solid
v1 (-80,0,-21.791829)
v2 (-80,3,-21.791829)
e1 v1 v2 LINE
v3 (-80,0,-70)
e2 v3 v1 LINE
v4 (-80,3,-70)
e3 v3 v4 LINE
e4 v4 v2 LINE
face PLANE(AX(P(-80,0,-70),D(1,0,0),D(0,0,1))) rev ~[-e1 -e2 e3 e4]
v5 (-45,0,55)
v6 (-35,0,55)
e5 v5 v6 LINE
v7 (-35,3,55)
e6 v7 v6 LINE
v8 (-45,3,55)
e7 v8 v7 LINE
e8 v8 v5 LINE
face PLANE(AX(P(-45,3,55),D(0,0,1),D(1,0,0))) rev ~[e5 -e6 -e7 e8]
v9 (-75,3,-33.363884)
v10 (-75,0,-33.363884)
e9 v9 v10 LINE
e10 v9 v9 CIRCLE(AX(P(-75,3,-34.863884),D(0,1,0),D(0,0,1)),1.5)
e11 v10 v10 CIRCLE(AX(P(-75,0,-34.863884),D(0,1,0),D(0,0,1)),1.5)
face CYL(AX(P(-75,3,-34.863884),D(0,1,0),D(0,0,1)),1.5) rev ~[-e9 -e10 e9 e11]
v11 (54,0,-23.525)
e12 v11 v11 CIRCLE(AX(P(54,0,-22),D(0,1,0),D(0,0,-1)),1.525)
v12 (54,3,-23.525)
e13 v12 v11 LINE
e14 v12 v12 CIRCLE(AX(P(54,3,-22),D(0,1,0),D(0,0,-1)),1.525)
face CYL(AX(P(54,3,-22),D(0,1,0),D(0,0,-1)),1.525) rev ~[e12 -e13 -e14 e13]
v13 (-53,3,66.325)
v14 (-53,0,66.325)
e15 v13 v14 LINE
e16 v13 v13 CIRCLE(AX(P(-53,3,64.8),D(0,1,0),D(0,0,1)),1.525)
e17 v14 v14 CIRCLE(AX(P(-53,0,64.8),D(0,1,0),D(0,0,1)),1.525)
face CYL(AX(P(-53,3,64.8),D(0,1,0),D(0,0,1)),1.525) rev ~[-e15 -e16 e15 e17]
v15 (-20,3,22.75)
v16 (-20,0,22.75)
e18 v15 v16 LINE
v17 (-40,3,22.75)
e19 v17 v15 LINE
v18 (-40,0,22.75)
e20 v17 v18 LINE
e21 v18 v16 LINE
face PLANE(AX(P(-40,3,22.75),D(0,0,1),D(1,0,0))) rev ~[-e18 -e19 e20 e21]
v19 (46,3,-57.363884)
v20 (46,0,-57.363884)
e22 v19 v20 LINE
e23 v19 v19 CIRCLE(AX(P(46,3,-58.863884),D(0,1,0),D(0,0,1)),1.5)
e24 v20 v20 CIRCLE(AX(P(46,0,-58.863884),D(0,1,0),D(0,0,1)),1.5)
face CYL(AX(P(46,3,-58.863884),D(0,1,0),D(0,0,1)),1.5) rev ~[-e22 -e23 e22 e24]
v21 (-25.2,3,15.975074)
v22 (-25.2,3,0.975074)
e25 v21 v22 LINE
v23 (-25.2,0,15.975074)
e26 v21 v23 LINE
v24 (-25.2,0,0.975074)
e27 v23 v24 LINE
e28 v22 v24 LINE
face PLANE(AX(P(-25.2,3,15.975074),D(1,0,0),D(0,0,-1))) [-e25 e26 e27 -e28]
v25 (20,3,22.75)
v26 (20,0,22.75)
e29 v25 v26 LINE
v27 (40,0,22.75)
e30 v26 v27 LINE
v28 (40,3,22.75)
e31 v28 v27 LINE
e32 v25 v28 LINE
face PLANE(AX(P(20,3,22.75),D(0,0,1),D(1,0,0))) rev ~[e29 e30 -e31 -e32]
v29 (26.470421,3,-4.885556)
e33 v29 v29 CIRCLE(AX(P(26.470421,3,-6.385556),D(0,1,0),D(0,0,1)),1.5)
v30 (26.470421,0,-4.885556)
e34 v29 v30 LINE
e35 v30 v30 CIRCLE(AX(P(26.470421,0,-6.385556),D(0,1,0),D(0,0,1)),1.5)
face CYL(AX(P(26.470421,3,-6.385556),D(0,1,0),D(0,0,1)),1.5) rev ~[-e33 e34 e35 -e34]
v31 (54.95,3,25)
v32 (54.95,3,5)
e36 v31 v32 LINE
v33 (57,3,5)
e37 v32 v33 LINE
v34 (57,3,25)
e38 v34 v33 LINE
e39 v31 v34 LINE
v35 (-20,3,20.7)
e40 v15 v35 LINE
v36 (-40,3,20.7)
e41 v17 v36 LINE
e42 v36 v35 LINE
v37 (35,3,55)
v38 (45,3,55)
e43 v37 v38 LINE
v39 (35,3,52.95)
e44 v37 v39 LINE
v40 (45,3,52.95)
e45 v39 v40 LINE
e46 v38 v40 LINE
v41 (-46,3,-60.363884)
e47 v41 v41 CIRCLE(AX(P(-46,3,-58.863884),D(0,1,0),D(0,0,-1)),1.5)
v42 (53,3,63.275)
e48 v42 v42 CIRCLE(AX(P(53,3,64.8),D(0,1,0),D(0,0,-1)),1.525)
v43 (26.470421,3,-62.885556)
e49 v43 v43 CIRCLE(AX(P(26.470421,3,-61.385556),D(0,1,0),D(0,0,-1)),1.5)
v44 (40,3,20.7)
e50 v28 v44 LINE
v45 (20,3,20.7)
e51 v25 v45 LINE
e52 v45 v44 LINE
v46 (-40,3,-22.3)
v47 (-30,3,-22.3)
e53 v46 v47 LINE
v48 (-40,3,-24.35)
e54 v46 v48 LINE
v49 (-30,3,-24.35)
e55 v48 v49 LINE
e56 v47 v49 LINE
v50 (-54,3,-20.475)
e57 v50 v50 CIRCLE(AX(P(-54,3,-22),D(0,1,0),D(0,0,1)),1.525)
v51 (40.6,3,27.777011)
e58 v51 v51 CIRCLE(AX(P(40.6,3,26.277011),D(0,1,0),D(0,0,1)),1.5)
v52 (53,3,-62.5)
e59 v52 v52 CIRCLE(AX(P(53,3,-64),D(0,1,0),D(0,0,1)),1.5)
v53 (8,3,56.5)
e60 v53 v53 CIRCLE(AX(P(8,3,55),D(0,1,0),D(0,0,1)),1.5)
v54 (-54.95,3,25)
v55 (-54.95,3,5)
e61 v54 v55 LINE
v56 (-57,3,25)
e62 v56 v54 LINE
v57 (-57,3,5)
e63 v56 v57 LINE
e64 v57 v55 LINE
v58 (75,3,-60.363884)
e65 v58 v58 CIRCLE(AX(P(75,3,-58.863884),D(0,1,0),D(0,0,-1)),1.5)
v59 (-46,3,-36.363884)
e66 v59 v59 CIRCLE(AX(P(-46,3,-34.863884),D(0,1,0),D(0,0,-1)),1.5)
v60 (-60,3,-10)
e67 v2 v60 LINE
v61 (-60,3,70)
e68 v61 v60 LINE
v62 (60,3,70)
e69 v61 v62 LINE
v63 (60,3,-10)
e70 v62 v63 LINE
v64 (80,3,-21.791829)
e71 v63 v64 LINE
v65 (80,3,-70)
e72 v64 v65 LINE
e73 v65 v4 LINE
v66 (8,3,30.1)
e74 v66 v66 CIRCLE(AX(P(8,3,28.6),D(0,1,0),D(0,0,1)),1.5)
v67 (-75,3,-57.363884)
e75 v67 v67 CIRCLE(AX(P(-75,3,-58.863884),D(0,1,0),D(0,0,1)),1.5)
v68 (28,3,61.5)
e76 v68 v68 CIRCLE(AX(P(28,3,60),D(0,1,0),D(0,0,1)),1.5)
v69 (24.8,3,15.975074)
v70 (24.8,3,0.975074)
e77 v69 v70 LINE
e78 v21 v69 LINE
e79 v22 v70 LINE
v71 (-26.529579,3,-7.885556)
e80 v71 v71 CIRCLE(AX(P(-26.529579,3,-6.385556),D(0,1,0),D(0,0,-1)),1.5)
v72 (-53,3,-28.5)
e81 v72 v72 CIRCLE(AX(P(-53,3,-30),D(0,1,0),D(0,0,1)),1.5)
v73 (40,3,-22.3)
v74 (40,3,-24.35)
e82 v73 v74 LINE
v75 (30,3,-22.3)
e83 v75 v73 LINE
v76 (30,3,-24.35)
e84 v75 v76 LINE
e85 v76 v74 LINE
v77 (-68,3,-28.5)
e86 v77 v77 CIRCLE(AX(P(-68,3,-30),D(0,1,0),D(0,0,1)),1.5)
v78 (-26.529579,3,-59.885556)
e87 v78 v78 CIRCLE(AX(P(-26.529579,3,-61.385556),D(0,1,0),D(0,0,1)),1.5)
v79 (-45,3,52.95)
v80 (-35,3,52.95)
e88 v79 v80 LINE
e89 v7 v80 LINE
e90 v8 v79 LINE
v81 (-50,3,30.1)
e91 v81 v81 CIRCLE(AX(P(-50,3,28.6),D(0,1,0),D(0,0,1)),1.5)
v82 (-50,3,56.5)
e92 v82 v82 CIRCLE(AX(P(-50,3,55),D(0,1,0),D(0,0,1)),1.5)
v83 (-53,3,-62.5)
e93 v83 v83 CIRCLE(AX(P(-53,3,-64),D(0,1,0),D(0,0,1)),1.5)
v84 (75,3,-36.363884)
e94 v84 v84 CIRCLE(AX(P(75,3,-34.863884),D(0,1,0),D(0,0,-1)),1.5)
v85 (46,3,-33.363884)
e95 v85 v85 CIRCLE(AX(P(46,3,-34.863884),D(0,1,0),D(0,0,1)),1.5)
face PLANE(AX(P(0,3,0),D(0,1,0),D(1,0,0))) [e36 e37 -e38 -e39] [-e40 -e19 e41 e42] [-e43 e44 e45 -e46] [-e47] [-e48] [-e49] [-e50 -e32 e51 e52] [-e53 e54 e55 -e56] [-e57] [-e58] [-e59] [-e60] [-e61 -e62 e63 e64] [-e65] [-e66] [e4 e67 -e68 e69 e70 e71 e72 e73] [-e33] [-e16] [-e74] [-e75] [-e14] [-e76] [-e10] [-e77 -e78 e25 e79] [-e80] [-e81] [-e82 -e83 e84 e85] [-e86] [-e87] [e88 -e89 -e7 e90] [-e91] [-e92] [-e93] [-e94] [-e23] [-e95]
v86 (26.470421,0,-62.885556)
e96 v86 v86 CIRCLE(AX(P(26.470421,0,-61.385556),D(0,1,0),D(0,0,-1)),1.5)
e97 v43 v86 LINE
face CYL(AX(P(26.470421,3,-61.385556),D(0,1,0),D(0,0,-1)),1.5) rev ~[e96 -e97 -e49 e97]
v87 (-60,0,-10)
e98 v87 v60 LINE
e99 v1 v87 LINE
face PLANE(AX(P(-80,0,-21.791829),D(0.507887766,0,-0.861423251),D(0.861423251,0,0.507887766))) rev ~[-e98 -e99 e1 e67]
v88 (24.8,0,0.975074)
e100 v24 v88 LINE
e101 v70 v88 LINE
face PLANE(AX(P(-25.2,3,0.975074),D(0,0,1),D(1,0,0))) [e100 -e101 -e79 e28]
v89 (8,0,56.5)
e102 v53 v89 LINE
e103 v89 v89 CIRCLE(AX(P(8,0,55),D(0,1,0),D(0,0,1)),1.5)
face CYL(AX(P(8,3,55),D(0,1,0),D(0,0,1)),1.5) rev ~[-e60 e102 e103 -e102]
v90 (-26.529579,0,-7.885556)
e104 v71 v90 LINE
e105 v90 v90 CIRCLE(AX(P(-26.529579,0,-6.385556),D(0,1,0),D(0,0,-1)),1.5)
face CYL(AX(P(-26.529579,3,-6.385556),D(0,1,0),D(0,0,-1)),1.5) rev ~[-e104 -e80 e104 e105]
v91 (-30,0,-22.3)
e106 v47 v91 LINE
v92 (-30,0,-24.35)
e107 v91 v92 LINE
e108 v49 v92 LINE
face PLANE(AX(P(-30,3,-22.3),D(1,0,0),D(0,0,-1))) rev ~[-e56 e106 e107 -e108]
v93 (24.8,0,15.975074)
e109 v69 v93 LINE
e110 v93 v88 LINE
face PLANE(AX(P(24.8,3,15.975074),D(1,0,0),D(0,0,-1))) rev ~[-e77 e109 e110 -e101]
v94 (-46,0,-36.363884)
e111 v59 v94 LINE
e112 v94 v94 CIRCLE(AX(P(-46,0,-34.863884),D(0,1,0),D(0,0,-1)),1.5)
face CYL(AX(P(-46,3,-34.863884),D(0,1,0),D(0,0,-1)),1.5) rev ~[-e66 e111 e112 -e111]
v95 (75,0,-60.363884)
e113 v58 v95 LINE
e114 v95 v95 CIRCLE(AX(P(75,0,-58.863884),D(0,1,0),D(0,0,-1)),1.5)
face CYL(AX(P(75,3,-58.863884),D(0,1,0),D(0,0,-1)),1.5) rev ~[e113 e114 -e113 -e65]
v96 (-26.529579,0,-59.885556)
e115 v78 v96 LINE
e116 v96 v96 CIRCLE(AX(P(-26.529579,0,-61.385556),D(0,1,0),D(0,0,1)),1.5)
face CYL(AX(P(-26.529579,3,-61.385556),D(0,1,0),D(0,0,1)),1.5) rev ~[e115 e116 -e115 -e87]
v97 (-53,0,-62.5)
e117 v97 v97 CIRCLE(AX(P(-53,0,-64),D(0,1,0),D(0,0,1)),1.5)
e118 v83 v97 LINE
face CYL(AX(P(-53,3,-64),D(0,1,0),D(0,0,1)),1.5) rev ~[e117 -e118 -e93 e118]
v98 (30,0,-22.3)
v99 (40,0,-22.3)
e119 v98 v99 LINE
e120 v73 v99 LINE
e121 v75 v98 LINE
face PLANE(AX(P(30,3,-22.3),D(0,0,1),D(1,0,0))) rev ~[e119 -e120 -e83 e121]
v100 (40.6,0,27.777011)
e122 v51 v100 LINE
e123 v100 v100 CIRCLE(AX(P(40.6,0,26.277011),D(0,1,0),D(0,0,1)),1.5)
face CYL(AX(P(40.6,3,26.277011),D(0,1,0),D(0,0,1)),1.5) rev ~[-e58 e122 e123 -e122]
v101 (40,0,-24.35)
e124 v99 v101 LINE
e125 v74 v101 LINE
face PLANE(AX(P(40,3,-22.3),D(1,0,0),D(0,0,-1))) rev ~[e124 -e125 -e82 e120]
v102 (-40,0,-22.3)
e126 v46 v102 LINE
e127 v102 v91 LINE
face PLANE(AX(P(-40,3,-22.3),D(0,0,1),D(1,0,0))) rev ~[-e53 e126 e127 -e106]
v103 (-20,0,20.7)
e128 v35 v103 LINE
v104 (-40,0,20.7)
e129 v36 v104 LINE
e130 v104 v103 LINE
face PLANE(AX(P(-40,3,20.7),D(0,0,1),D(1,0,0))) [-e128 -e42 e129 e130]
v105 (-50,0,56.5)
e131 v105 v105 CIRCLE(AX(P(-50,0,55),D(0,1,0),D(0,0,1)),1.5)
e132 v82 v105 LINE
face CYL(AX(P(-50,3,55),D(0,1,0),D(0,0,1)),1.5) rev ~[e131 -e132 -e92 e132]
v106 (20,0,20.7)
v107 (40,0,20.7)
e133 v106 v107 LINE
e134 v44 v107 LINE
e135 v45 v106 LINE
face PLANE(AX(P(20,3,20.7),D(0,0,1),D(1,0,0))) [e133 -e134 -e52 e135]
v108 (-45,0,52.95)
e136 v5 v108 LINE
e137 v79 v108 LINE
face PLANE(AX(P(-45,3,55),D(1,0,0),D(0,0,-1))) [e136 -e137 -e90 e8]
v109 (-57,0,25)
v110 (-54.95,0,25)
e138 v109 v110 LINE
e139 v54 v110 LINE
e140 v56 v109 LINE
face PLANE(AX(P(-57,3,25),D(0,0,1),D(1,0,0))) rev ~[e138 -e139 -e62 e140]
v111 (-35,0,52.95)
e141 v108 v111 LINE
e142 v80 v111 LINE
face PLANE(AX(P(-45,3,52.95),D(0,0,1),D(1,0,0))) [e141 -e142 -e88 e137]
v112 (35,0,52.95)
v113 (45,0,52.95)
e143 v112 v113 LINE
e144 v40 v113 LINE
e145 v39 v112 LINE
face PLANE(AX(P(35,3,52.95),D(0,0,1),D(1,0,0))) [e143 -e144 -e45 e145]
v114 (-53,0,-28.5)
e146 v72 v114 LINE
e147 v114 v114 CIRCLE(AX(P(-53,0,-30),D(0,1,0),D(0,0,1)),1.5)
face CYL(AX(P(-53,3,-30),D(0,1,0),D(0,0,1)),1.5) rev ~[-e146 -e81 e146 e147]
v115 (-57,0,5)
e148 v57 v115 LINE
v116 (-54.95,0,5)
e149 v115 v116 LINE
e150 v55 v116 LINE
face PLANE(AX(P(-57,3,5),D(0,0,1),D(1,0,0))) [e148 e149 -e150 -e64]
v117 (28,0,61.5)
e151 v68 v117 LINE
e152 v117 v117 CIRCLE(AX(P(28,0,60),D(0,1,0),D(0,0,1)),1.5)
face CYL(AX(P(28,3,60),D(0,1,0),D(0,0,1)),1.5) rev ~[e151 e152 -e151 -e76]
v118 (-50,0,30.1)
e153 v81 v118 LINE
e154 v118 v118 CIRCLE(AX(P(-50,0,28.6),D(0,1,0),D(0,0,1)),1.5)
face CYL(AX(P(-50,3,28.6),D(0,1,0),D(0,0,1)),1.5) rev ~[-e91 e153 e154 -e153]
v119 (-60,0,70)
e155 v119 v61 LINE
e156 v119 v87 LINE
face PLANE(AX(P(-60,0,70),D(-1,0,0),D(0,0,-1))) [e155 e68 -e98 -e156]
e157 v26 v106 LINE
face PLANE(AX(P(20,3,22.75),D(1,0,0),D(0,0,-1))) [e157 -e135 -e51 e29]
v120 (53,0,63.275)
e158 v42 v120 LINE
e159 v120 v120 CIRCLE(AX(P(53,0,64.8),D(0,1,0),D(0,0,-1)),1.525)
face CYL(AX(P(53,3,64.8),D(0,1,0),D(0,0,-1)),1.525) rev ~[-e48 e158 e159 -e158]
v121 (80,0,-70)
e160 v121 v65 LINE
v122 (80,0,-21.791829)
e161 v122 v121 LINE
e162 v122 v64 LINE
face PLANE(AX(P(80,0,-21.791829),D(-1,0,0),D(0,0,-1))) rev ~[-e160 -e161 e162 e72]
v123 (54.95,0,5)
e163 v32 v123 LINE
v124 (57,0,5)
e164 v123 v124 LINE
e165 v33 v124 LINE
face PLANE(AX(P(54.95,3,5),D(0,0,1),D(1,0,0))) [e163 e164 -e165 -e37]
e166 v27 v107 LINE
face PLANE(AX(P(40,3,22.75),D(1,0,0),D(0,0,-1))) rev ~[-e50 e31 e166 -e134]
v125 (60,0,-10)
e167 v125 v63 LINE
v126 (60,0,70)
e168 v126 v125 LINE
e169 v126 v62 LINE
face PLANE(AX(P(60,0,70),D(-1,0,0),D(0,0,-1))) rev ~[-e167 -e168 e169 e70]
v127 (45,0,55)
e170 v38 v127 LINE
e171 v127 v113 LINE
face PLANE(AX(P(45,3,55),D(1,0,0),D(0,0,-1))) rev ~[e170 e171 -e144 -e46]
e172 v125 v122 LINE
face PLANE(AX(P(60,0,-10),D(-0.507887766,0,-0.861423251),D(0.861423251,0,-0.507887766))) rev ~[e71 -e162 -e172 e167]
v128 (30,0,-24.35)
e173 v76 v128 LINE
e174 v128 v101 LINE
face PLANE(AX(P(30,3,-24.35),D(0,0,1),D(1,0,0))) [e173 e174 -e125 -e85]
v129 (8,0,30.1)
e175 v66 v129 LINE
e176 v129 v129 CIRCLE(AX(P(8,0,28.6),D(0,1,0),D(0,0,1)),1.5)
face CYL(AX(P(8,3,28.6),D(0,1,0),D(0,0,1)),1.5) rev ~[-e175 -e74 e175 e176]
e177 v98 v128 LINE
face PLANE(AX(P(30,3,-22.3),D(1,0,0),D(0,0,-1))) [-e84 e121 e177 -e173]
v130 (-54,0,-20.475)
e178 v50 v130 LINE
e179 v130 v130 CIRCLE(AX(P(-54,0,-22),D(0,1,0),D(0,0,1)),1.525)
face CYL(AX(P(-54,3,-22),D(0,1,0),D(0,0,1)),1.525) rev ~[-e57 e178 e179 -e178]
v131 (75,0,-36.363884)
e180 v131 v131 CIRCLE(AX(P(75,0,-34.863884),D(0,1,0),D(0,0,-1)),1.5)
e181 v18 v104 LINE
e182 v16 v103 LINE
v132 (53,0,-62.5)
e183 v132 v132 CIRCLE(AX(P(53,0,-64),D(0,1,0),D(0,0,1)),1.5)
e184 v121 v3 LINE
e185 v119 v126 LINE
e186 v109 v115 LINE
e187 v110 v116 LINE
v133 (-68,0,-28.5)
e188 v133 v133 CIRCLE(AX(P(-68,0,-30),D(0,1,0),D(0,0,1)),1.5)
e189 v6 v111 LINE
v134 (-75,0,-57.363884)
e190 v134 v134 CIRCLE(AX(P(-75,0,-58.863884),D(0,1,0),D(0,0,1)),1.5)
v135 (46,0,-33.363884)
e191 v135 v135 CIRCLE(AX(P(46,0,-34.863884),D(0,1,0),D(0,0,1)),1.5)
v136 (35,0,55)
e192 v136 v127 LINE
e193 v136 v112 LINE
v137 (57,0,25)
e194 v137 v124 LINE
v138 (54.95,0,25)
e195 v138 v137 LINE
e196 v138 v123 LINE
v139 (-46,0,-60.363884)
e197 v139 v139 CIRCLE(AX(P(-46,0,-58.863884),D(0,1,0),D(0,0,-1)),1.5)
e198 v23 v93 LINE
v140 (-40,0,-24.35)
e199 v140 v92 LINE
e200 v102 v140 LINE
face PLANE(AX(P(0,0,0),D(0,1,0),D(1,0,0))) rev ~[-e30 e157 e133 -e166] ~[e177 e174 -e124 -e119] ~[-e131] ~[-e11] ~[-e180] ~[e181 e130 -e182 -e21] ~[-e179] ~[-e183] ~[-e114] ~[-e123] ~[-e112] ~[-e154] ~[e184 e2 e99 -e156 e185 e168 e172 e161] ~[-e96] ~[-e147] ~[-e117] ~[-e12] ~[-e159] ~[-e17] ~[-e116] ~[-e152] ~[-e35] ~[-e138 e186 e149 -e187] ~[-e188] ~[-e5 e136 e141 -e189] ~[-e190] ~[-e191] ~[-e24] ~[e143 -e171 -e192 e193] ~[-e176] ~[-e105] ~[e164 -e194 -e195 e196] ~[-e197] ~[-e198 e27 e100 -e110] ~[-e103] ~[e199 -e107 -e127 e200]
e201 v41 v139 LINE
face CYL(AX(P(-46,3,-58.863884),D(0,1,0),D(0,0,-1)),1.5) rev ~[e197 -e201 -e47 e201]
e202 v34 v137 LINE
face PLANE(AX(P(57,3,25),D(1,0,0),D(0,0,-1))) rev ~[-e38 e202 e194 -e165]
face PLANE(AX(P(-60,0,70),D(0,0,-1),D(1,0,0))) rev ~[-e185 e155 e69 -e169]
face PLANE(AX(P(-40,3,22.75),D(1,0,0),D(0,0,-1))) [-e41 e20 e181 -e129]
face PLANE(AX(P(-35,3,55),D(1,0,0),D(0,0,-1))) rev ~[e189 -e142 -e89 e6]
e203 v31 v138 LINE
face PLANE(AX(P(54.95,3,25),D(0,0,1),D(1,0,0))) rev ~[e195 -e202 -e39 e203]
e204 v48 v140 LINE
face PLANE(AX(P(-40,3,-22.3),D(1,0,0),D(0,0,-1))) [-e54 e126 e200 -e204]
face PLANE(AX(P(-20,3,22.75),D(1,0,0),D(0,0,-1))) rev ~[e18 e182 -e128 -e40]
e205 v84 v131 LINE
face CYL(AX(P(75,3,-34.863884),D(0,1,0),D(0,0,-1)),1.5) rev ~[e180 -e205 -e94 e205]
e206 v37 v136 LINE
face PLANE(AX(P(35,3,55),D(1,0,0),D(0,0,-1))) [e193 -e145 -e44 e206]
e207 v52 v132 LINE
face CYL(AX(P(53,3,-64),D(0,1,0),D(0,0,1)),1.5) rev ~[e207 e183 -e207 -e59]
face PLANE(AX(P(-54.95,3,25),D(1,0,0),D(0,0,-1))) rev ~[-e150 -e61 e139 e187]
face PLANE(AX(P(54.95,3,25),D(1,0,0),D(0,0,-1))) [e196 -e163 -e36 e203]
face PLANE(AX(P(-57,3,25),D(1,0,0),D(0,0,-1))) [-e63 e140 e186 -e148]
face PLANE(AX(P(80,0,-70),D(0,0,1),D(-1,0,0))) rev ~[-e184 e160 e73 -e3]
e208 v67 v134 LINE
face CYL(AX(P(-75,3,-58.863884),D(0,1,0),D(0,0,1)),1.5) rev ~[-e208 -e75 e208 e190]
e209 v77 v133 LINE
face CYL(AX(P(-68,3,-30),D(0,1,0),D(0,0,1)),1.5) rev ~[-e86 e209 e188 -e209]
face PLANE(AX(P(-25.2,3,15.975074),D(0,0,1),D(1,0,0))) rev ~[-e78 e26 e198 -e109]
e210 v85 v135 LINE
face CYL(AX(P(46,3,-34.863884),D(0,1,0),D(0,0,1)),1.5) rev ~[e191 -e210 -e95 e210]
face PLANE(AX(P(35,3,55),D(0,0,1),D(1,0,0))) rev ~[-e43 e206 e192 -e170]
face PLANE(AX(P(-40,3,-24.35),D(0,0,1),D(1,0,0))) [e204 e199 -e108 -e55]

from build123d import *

# Parameters (mm, degrees)
SKETCH1_W           = 120
SKETCH1_H           = 140
BOSS_EXTRUDE1_DEPTH = 3
SKETCH2_R           = 1.5
CUT_EXTRUDE1_DEPTH  = 107.343782141
SKETCH3_R           = 1.5
CUT_EXTRUDE3_DEPTH  = 107.343782141
SKETCH4_R           = 1.5
CUT_EXTRUDE4_DEPTH  = 107.343782141
SKETCH5_R           = 1.5
CUT_EXTRUDE5_DEPTH  = 3
SKETCH6_R           = 1.525
SKETCH6_W           = 10
SKETCH6_H           = 2.05
SKETCH6_W_2         = 20
CUT_EXTRUDE7_DEPTH  = 107.343782141
SKETCH9_R           = 1.525
CUT_EXTRUDE8_DEPTH  = 3
SKETCH10_W          = 50
SKETCH10_H          = 15
CUT_EXTRUDE9_DEPTH  = 5
SKETCH11_R          = 1.5
CUT_EXTRUDE10_DEPTH = 5
SKETCH12_W          = 2.05
SKETCH12_H          = 20
CUT_EXTRUDE11_DEPTH = 10


with BuildPart() as part:
    # Sketch1 → Boss-Extrude1 (new body)
    with BuildSketch(Plane(origin=(0, 0, 0), x_dir=(1, 0, 0), z_dir=(0, 1, 0))):
        Rectangle(SKETCH1_W, SKETCH1_H)
        Polygon((-80, 21.791828604), (-60, 10), (-60, 70), (-80, 70), align=None)
        Polygon((80, 70), (60, 70), (60, 10), (80, 21.791828604), align=None)
    extrude(amount=BOSS_EXTRUDE1_DEPTH)

    # Sketch2 → Cut-Extrude1 (cut, through all)
    with BuildSketch(Plane(origin=(0, 3, 0), x_dir=(1, 0, 0), z_dir=(0, 1, 0))):
        with Locations(Location((28, -60, 0), (0, 0, 270))):
            Circle(SKETCH2_R)
        with Locations(Location((40.6, -26.277010809, 0), (0, 0, 270))):
            Circle(SKETCH2_R)
        with Locations(Location((-50, -55, 0), (0, 0, 270))):
            Circle(SKETCH2_R)
        with Locations(Location((8, -55, 0), (0, 0, 270))):
            Circle(SKETCH2_R)
        with Locations(Location((-50, -28.6, 0), (0, 0, 270))):
            Circle(SKETCH2_R)
        with Locations(Location((8, -28.6, 0), (0, 0, 270))):
            Circle(SKETCH2_R)
    extrude(amount=-CUT_EXTRUDE1_DEPTH, mode=Mode.SUBTRACT)

    # Sketch3 → Cut-Extrude3 (cut, through all)
    with BuildSketch(Plane(origin=(0, 3, 0), x_dir=(1, 0, 0), z_dir=(0, 1, 0))):
        with Locations(Location((-26.529579069, 61.385555627, 0), (0, 0, 270))):
            Circle(SKETCH3_R)
        with Locations(Location((-26.529579069, 6.385555627, 0), (0, 0, 90))):
            Circle(SKETCH3_R)
        with Locations(Location((26.470420931, 6.385555627, 0), (0, 0, 270))):
            Circle(SKETCH3_R)
        with Locations(Location((26.470420931, 61.385555627, 0), (0, 0, 90))):
            Circle(SKETCH3_R)
    extrude(amount=-CUT_EXTRUDE3_DEPTH, mode=Mode.SUBTRACT)

    # Sketch4 → Cut-Extrude4 (cut, through all)
    with BuildSketch(Plane(origin=(0, 3, 0), x_dir=(1, 0, 0), z_dir=(0, 1, 0))):
        with Locations(Location((-75, 34.863883517, 0), (0, 0, 270))):
            Circle(SKETCH4_R)
        with Locations(Location((-75, 58.863883517, 0), (0, 0, 270))):
            Circle(SKETCH4_R)
        with Locations(Location((-46, 34.863883517, 0), (0, 0, 90))):
            Circle(SKETCH4_R)
        with Locations(Location((-46, 58.863883517, 0), (0, 0, 90))):
            Circle(SKETCH4_R)
        with Locations(Location((46, 58.863883517, 0), (0, 0, 270))):
            Circle(SKETCH4_R)
        with Locations(Location((46, 34.863883517, 0), (0, 0, 270))):
            Circle(SKETCH4_R)
        with Locations(Location((75, 34.863883517, 0), (0, 0, 90))):
            Circle(SKETCH4_R)
        with Locations(Location((75, 58.863883517, 0), (0, 0, 90))):
            Circle(SKETCH4_R)
    extrude(amount=-CUT_EXTRUDE4_DEPTH, mode=Mode.SUBTRACT)

    # Sketch5 → Cut-Extrude5 (cut)
    with BuildSketch(Plane(origin=(0, 3, 0), x_dir=(1, 0, 0), z_dir=(0, 1, 0))):
        with Locations(Location((-68, 30, 0), (0, 0, 270))):
            Circle(SKETCH5_R)
        with Locations(Location((-53, 30, 0), (0, 0, 270))):
            Circle(SKETCH5_R)
    extrude(amount=-CUT_EXTRUDE5_DEPTH, mode=Mode.SUBTRACT)

    # Sketch6 → Cut-Extrude7 (cut, through all)
    with BuildSketch(Plane(origin=(0, 3, 0), x_dir=(1, 0, 0), z_dir=(0, 1, 0))):
        with Locations(Location((-53, -64.8, 0), (0, 0, 270))):
            Circle(SKETCH6_R)
        with Locations(Location((53, -64.8, 0), (0, 0, 90))):
            Circle(SKETCH6_R)
        with Locations((-40, -53.975)):
            Rectangle(SKETCH6_W, SKETCH6_H)
        with Locations((40, -53.975)):
            Rectangle(SKETCH6_W, SKETCH6_H)
        with Locations((30, -21.725)):
            Rectangle(SKETCH6_W_2, SKETCH6_H)
        with Locations((-30, -21.725)):
            Rectangle(SKETCH6_W_2, SKETCH6_H)
        with Locations((35, 23.325)):
            Rectangle(SKETCH6_W, SKETCH6_H)
        with Locations((-35, 23.325)):
            Rectangle(SKETCH6_W, SKETCH6_H)
    extrude(amount=-CUT_EXTRUDE7_DEPTH, mode=Mode.SUBTRACT)

    # Sketch9 → Cut-Extrude8 (cut)
    with BuildSketch(Plane(origin=(0, 3, 0), x_dir=(1, 0, 0), z_dir=(0, 1, 0))):
        with Locations(Location((-54, 22, 0), (0, 0, 270))):
            Circle(SKETCH9_R)
        with Locations(Location((54, 22, 0), (0, 0, 90))):
            Circle(SKETCH9_R)
    extrude(amount=-CUT_EXTRUDE8_DEPTH, mode=Mode.SUBTRACT)

    # Sketch10 → Cut-Extrude9 (cut)
    with BuildSketch(Plane(origin=(0, 3, 0), x_dir=(1, 0, 0), z_dir=(0, 1, 0))):
        with Locations((-0.2, -8.475074484)):
            Rectangle(SKETCH10_W, SKETCH10_H)
    extrude(amount=-CUT_EXTRUDE9_DEPTH, mode=Mode.SUBTRACT)

    # Sketch11 → Cut-Extrude10 (cut)
    with BuildSketch(Plane(origin=(0, 3, 0), x_dir=(1, 0, 0), z_dir=(0, 1, 0))):
        with Locations(Location((-53, 64, 0), (0, 0, 270))):
            Circle(SKETCH11_R)
        with Locations(Location((53, 64, 0), (0, 0, 270))):
            Circle(SKETCH11_R)
    extrude(amount=-CUT_EXTRUDE10_DEPTH, mode=Mode.SUBTRACT)

    # Sketch12 → Cut-Extrude11 (cut)
    with BuildSketch(Plane(origin=(0, 3, 0), x_dir=(1, 0, 0), z_dir=(0, 1, 0))):
        with Locations((-55.975, -15)):
            Rectangle(SKETCH12_W, SKETCH12_H)
        with Locations((55.975, -15)):
            Rectangle(SKETCH12_W, SKETCH12_H)
    extrude(amount=-CUT_EXTRUDE11_DEPTH, mode=Mode.SUBTRACT)


solid = part.part
